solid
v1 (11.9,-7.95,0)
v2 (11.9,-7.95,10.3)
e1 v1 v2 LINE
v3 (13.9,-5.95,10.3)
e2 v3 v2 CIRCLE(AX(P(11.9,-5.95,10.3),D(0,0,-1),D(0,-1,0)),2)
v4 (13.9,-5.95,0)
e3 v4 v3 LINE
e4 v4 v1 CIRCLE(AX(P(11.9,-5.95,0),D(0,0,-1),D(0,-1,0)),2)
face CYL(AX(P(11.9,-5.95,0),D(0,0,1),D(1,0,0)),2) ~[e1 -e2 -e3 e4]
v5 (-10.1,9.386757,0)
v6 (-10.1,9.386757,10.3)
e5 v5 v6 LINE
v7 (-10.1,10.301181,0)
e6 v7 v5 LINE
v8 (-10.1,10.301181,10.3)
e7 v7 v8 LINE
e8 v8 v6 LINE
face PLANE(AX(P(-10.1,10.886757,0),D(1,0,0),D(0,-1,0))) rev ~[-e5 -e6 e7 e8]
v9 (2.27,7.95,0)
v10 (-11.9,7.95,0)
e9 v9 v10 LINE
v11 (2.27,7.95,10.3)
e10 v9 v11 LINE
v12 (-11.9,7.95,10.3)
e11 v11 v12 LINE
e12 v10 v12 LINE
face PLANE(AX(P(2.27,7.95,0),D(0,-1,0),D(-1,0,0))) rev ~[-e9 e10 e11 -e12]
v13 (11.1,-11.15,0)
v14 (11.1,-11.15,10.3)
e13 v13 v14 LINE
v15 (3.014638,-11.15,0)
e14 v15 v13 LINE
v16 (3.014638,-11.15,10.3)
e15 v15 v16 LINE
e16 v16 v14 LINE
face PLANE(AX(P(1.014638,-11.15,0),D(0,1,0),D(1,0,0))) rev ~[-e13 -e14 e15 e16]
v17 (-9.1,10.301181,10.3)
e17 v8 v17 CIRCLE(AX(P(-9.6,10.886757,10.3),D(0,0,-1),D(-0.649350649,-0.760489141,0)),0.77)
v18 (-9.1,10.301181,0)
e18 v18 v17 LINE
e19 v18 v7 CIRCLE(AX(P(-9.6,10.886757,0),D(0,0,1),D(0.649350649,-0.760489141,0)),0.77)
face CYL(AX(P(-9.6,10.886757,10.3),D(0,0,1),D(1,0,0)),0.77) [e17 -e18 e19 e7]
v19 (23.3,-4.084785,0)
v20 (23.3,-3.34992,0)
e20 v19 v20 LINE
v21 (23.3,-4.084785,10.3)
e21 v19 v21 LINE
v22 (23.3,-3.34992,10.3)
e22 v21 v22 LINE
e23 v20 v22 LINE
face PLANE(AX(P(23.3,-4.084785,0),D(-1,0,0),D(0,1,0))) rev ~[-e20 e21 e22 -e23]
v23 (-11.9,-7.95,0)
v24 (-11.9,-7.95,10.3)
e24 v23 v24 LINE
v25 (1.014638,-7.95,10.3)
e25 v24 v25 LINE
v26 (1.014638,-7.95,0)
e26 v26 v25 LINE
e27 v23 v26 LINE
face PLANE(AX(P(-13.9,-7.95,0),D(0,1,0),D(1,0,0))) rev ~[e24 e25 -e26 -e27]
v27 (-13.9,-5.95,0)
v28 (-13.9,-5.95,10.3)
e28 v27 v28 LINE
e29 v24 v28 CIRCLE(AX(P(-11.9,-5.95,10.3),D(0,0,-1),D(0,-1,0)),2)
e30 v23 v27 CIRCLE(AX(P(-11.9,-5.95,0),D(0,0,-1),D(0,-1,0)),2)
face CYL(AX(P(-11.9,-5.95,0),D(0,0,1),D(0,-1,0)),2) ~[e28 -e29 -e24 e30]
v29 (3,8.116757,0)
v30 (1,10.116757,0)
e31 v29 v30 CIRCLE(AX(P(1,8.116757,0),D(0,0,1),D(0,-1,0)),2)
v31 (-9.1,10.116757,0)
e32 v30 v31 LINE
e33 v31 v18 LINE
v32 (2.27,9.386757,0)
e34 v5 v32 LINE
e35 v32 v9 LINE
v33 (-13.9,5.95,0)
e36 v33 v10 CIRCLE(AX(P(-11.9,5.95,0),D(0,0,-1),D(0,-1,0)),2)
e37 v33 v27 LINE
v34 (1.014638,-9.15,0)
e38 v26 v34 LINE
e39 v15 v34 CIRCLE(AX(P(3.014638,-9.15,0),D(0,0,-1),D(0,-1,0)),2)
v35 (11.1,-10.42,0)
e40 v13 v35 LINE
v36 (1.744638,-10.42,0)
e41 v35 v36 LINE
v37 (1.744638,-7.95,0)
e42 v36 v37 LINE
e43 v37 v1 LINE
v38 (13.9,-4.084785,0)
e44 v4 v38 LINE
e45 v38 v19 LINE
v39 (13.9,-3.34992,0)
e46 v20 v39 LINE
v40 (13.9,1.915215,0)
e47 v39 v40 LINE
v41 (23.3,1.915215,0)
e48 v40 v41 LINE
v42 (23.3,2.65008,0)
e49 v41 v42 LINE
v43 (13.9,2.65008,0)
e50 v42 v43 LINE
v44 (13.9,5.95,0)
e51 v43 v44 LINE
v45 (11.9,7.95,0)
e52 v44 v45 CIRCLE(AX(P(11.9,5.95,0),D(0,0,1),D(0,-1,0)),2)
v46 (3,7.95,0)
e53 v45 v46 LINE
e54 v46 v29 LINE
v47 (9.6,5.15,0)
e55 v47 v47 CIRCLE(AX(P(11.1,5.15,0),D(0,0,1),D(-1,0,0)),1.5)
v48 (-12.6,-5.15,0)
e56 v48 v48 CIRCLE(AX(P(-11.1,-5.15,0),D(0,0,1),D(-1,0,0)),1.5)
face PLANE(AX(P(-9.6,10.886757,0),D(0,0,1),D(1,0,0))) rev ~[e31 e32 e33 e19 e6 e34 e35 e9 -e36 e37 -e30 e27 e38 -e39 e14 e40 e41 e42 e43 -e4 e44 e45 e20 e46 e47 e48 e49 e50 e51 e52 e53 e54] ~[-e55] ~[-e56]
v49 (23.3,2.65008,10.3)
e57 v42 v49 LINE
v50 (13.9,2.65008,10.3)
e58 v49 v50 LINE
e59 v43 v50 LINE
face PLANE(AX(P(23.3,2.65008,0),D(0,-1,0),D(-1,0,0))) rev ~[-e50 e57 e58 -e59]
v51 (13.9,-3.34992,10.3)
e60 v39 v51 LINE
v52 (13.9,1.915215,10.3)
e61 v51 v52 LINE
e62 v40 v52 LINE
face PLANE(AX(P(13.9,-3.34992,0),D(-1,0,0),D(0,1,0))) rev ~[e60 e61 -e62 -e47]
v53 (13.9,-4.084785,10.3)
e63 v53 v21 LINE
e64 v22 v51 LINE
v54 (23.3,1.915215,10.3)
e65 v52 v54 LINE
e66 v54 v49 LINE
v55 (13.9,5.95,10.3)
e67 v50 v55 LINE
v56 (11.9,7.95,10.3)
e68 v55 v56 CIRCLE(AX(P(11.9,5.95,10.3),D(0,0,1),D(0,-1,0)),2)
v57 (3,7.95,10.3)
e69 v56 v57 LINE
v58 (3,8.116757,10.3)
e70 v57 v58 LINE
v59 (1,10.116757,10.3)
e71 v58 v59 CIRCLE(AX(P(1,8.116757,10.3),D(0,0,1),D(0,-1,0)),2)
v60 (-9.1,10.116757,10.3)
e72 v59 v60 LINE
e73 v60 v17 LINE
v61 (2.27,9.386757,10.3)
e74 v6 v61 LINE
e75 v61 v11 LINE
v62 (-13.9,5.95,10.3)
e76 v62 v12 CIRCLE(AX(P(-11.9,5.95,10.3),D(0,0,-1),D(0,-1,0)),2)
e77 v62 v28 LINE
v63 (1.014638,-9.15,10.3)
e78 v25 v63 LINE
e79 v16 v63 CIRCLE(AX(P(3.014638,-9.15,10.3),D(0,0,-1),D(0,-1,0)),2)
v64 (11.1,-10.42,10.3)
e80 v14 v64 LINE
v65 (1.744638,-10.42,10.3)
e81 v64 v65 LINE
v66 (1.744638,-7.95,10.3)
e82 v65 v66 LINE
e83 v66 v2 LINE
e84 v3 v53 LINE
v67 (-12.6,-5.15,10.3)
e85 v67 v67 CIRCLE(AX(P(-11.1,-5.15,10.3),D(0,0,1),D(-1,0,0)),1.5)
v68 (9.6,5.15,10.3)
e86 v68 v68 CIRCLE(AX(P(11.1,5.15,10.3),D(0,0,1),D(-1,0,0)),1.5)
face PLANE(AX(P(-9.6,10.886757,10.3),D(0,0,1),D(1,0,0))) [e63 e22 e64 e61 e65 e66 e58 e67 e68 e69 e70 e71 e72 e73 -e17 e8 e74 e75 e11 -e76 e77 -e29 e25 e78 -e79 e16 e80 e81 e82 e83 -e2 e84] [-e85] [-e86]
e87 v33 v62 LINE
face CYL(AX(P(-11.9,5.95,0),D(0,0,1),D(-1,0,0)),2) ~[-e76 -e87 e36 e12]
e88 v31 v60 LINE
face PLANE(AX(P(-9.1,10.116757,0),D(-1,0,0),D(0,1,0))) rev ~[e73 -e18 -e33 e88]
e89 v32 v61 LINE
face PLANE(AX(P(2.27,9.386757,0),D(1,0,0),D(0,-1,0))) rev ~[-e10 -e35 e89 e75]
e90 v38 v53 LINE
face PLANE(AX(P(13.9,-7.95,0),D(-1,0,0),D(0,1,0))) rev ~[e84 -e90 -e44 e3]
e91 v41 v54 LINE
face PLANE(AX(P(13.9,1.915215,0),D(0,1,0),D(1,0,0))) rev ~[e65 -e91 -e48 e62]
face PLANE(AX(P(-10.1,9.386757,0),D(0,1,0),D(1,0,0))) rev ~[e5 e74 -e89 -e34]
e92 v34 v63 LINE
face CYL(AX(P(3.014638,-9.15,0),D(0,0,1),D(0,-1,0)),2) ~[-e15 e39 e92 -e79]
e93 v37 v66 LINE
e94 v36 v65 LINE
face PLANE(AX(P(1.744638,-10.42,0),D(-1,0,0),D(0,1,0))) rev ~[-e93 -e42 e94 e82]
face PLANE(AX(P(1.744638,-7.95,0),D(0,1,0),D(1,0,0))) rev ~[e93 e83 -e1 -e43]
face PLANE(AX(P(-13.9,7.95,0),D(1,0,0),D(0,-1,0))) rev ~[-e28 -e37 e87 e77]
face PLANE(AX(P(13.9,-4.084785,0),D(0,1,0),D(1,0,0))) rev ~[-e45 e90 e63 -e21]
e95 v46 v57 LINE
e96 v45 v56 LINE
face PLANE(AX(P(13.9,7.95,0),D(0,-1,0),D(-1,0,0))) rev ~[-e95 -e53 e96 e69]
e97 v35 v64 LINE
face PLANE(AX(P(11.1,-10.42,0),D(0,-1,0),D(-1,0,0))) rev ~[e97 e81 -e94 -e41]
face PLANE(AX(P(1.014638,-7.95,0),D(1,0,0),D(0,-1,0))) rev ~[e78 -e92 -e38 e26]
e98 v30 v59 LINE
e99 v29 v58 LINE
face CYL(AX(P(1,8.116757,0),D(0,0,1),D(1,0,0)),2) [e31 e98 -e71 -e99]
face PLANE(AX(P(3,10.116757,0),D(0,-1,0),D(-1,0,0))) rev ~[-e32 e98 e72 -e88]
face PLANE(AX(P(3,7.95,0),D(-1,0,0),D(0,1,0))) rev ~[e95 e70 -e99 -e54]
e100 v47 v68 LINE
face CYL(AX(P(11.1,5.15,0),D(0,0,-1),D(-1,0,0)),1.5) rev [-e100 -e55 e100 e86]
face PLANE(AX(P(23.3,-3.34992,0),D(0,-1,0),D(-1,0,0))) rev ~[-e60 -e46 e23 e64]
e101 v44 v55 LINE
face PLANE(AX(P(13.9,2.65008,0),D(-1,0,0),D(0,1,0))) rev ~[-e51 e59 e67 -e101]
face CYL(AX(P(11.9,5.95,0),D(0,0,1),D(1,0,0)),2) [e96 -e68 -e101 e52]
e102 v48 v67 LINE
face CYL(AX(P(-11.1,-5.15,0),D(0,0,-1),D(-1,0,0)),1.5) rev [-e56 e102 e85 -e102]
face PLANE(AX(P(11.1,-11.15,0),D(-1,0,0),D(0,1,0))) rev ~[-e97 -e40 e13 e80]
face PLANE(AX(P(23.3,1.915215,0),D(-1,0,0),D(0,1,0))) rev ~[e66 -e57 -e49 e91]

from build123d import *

# Parameters (mm, degrees)
IZIM1_R                     = 1.5
Y_KSEKLIK_EKSTR_ZYON1_DEPTH = 10.3
RADYUS2_R                   = 2
IZIM4_R                     = 0.77
Y_KSEKLIK_EKSTR_ZYON2_DEPTH = 10.3


with BuildPart() as part:
    # Çizim1 → Yükseklik-Ekstrüzyon1 (new body)
    with BuildSketch(Plane.XY):
        with BuildLine():
            Line((13.9, -4.084784969), (22.330620506, -4.084784969))
            Line((22.330620506, -4.084784969), (23.3, -4.084784969))
            Line((23.3, -4.084784969), (23.3, -3.910005756))
            Line((23.3, -3.910005756), (23.3, -3.608421024))
            Line((23.3, -3.608421024), (23.3, -3.349919826))
            Line((23.3, -3.349919826), (22.330620506, -3.349919826))
            Line((22.330620506, -3.349919826), (13.9, -3.349919826))
            Line((13.9, -3.349919826), (13.9, 1.915215031))
            Line((13.9, 1.915215031), (22.330620506, 1.915215031))
            Line((22.330620506, 1.915215031), (23.3, 1.915215031))
            Line((23.3, 1.915215031), (23.3, 2.089994244))
            Line((23.3, 2.089994244), (23.3, 2.391578976))
            Line((23.3, 2.391578976), (23.3, 2.650080174))
            Line((23.3, 2.650080174), (22.330620506, 2.650080174))
            Line((22.330620506, 2.650080174), (13.9, 2.650080174))
            Line((13.9, 2.650080174), (13.9, 7.95))
            Line((13.9, 7.95), (3, 7.95))
            Line((3, 7.95), (3, 10.116757373))
            Line((3, 10.116757373), (-9.1, 10.116757373))
            Line((-9.1, 10.116757373), (-9.1, 10.886757373))
            ThreePointArc((-9.1, 10.886757373), (-9.6, 11.386757373), (-10.1, 10.886757373))
            Line((-10.1, 10.886757373), (-10.1, 9.386757373))
            Line((-10.1, 9.386757373), (-9.1, 9.386757373))
            Line((-9.1, 9.386757373), (2.27, 9.386757373))
            Line((2.27, 9.386757373), (2.27, 7.95))
            Line((2.27, 7.95), (-13.9, 7.95))
            Line((-13.9, 7.95), (-13.9, -7.95))
            Line((-13.9, -7.95), (1.014637994, -7.95))
            Line((1.014637994, -7.95), (1.014637994, -11.15))
            Line((1.014637994, -11.15), (11.1, -11.15))
            Line((11.1, -11.15), (11.1, -10.42))
            Line((11.1, -10.42), (1.744637994, -10.42))
            Line((1.744637994, -10.42), (1.744637994, -7.95))
            Line((1.744637994, -7.95), (13.9, -7.95))
            Line((13.9, -7.95), (13.9, -4.084784969))
        make_face()
        with Locations(Location((11.1, 5.15, 0), (0, 0, 180))):
            Circle(IZIM1_R, mode=Mode.SUBTRACT)
        with Locations(Location((-11.1, -5.15, 0), (0, 0, 180))):
            Circle(IZIM1_R, mode=Mode.SUBTRACT)
    extrude(amount=Y_KSEKLIK_EKSTR_ZYON1_DEPTH)

    # Radyus2
    radyus2_edges = [part.edges().sort_by_distance(p)[0] for p in [
        (1.014637994, -11.15, 5.15),
        (-13.9, -7.95, 5.15),
        (-13.9, 7.95, 5.15),
        (3, 10.116757373, 5.15),
        (13.9, 7.95, 5.15),
        (13.9, -7.95, 5.15),
    ]]
    fillet(radyus2_edges, radius=RADYUS2_R)

    # Çizim4 → Yükseklik-Ekstrüzyon2 (add)
    with BuildSketch(Plane.XY.offset(10.3)):
        with Locations((-9.6, 10.886757373)):
            Circle(IZIM4_R)
    extrude(amount=-Y_KSEKLIK_EKSTR_ZYON2_DEPTH)


solid = part.part
